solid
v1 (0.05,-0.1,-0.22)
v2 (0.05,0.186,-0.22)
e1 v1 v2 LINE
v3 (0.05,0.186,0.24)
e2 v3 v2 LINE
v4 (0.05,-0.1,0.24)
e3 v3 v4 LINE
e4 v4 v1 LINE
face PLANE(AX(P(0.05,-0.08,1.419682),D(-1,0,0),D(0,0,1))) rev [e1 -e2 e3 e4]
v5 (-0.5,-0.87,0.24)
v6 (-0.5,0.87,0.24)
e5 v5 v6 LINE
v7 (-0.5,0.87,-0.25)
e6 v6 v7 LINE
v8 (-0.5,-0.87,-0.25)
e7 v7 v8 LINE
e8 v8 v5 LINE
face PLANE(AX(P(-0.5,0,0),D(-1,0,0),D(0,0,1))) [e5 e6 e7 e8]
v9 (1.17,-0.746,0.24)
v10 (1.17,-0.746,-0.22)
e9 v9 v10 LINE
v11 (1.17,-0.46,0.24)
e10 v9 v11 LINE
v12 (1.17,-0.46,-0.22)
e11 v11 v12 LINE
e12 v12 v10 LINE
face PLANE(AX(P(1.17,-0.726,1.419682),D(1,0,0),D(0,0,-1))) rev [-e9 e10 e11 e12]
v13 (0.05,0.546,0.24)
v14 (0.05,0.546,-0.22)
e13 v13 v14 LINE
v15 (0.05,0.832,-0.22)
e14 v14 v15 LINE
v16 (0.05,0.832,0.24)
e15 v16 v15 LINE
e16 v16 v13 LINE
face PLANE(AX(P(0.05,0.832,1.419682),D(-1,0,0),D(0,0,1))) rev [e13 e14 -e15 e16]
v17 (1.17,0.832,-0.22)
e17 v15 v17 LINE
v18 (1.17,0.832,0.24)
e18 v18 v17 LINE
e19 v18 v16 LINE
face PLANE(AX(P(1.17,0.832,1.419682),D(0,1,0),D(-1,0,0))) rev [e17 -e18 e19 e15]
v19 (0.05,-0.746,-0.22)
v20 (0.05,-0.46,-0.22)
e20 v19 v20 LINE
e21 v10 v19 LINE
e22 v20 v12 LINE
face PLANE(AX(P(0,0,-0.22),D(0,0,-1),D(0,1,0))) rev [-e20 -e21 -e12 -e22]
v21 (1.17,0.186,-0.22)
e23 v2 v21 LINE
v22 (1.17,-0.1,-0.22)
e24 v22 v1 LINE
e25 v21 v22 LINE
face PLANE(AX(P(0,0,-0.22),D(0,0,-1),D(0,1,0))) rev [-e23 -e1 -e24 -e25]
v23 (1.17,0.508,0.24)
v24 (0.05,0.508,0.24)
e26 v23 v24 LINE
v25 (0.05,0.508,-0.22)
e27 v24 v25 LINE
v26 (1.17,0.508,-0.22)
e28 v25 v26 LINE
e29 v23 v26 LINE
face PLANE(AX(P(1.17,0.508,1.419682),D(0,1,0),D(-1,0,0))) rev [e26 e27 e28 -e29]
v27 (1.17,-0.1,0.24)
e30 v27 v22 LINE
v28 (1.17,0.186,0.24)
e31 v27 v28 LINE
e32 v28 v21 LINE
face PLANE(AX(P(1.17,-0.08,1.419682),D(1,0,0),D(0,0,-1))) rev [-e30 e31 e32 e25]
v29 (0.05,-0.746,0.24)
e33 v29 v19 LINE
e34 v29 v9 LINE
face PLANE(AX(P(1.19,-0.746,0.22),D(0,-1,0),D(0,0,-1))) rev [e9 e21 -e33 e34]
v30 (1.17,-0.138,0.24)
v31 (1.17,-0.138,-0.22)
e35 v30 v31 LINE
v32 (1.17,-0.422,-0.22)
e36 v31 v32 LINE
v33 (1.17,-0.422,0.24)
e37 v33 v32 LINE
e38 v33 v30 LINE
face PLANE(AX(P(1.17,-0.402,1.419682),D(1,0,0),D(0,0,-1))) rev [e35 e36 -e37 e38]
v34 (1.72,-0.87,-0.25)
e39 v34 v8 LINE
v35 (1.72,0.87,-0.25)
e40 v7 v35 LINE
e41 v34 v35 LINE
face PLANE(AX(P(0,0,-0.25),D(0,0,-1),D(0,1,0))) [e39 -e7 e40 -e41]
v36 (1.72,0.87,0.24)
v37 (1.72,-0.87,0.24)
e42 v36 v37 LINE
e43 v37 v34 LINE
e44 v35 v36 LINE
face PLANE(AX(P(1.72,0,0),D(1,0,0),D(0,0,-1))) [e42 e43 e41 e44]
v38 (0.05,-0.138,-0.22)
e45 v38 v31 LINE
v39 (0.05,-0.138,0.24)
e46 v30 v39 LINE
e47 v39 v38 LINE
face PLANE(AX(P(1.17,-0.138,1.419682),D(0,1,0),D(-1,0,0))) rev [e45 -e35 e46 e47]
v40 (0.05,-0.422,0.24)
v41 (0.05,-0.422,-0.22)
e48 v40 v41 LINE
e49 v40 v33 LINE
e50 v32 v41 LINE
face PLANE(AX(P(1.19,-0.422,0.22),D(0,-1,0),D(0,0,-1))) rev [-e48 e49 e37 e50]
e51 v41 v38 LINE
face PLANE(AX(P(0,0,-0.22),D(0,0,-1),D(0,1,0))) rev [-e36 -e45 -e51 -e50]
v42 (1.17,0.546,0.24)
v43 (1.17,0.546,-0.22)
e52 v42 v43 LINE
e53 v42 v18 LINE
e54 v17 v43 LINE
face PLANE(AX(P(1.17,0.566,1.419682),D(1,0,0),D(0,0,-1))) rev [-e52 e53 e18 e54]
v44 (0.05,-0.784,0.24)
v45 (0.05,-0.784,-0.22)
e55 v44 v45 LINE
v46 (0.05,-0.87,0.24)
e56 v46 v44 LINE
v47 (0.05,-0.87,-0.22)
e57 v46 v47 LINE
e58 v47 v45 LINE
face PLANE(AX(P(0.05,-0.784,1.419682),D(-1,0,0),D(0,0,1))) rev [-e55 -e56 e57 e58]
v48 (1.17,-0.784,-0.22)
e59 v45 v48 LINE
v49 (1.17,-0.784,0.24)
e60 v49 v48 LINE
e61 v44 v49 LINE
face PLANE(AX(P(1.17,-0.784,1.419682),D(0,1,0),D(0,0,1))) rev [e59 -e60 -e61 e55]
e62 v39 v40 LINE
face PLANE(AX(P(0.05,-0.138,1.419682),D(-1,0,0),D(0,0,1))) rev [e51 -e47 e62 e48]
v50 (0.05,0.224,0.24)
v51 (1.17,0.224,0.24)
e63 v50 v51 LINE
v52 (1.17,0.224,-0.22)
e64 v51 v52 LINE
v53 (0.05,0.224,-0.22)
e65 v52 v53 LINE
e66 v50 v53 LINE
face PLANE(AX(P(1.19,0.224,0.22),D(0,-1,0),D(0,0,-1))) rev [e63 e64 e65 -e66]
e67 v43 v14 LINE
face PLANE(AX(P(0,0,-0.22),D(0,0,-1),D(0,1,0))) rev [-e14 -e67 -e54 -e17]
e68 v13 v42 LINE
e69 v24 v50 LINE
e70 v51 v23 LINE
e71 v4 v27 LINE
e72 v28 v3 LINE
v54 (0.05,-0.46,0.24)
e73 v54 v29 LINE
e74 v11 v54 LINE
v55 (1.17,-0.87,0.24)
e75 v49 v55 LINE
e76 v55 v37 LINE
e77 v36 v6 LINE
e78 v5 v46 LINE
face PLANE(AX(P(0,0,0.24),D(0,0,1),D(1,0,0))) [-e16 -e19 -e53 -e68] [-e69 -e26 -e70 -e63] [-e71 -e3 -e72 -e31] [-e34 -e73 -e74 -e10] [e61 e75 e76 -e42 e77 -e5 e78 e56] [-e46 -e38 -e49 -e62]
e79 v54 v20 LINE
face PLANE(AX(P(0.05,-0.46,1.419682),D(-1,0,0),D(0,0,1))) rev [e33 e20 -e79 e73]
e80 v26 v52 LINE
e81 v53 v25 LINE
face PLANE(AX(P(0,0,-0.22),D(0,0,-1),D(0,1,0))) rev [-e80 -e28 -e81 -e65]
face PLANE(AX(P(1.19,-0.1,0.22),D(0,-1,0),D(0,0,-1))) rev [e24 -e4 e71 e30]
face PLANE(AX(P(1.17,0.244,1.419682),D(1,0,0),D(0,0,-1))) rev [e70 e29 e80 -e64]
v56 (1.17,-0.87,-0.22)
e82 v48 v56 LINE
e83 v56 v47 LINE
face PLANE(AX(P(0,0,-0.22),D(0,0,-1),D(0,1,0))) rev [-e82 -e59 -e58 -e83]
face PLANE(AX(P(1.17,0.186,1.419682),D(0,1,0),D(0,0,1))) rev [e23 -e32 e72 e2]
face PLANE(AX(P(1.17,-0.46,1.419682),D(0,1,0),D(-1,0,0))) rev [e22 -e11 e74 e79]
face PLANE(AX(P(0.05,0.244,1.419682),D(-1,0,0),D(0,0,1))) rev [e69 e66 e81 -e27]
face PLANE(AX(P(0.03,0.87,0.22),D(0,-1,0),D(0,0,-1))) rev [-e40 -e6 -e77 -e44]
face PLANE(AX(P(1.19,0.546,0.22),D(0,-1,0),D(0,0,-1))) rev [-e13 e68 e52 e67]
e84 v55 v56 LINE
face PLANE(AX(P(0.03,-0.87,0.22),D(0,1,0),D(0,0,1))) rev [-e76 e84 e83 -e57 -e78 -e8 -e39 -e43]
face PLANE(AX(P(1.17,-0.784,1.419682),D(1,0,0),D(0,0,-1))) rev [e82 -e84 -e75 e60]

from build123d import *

# Parameters (mm, degrees)
SKETCH1_W           = 0.44
SKETCH1_H           = 1.74
BOSS_EXTRUDE1_DEPTH = 0.03
SKETCH2_W           = 0.44
SKETCH2_H           = 0.018
BOSS_EXTRUDE2_DEPTH = 1.16
SKETCH3_W           = 0.44
SKETCH3_H           = 1.74
BOSS_EXTRUDE3_DEPTH = 0.03
SKETCH4_W           = 1.22
SKETCH4_H           = 1.74
BOSS_EXTRUDE4_DEPTH = 0.03
THICK_IN_DEPTH      = 0.44
SKETCH6_W           = 1.12
SKETCH6_H           = 0.286
SKETCH6_H_2         = 0.284
BOSS_EXTRUDE5_DEPTH = 0.02
SKETCH7_W           = 0.49
SKETCH7_H           = 1.74
BOSS_EXTRUDE6_DEPTH = 0.5
SKETCH8_W           = 0.49
SKETCH8_H           = 1.74
BOSS_EXTRUDE7_DEPTH = 0.5


with BuildPart() as part:
    # Sketch1 → Boss-Extrude1 (new body)
    with BuildSketch(Plane(origin=(0, 0, 0), x_dir=(0, 0, -1), z_dir=(1, 0, 0))):
        Rectangle(SKETCH1_W, SKETCH1_H)
    extrude(amount=BOSS_EXTRUDE1_DEPTH)

    # Sketch2 → Boss-Extrude2 (add)
    with BuildSketch(Plane(origin=(0.03, 0, 0), x_dir=(0, 0, -1), z_dir=(1, 0, 0))):
        with Locations((0, -0.755)):
            Rectangle(SKETCH2_W, SKETCH2_H)
        with Locations((0, -0.431)):
            Rectangle(SKETCH2_W, SKETCH2_H)
        with Locations((0, -0.109)):
            Rectangle(SKETCH2_W, SKETCH2_H)
        with Locations((0, 0.215)):
            Rectangle(SKETCH2_W, SKETCH2_H)
        with Locations((0, 0.537)):
            Rectangle(SKETCH2_W, SKETCH2_H)
        with Locations((0, 0.861)):
            Rectangle(SKETCH2_W, SKETCH2_H)
    extrude(amount=BOSS_EXTRUDE2_DEPTH)

    # Sketch3 → Boss-Extrude3 (add)
    with BuildSketch(Plane(origin=(1.19, 0, 0), x_dir=(0, 0, -1), z_dir=(1, 0, 0))):
        Rectangle(SKETCH3_W, SKETCH3_H)
    extrude(amount=BOSS_EXTRUDE3_DEPTH)

    # Sketch4 → Boss-Extrude4 (add)
    with BuildSketch(Plane(origin=(0, 0, -0.22), x_dir=(-1, 0, 0), z_dir=(0, 0, -1))):
        with Locations((-0.61, 0)):
            Rectangle(SKETCH4_W, SKETCH4_H)
    extrude(amount=BOSS_EXTRUDE4_DEPTH)

    # Sketch5 → Thick in (add)
    with BuildSketch(Plane.XY.offset(-0.22)):
        Polygon((0.03, -0.87), (0.05, -0.87), (0.05, -0.784), (1.17, -0.784), (1.17, -0.87), (1.19, -0.87), (1.19, -0.764), (0.03, -0.764), align=None)
        Polygon((0.03, -0.746), (0.05, -0.746), (0.05, -0.726), (0.05, -0.46), (1.17, -0.46), (1.17, -0.726), (1.17, -0.746), (1.19, -0.746), (1.19, -0.44), (0.03, -0.44), align=None)
        Polygon((0.03, -0.422), (0.05, -0.422), (0.05, -0.402), (0.05, -0.138), (1.17, -0.138), (1.17, -0.402), (1.17, -0.422), (1.19, -0.422), (1.19, -0.118), (0.03, -0.118), align=None)
        Polygon((0.03, -0.1), (0.05, -0.1), (0.05, -0.08), (0.05, 0.186), (1.17, 0.186), (1.17, -0.08), (1.17, -0.1), (1.19, -0.1), (1.19, 0.206), (0.03, 0.206), align=None)
        Polygon((0.03, 0.224), (0.05, 0.224), (0.05, 0.244), (0.05, 0.508), (1.17, 0.508), (1.17, 0.244), (1.17, 0.224), (1.19, 0.224), (1.19, 0.528), (0.03, 0.528), align=None)
        Polygon((0.03, 0.546), (0.05, 0.546), (0.05, 0.566), (0.05, 0.832), (1.17, 0.832), (1.17, 0.566), (1.17, 0.546), (1.19, 0.546), (1.19, 0.852), (0.03, 0.852), align=None)
    extrude(amount=THICK_IN_DEPTH)

    # Sketch6 → Boss-Extrude5 (add)
    with BuildSketch(Plane.XY.offset(0.22)):
        Polygon((0, -0.87), (0.05, -0.87), (0.05, -0.784), (1.17, -0.784), (1.17, -0.87), (1.22, -0.87), (1.22, 0.87), (0, 0.87), align=None)
        with Locations((0.61, 0.689)):
            Rectangle(SKETCH6_W, SKETCH6_H, mode=Mode.SUBTRACT)
        with Locations((0.61, 0.366)):
            Rectangle(SKETCH6_W, SKETCH6_H_2, mode=Mode.SUBTRACT)
        with Locations((0.61, 0.043)):
            Rectangle(SKETCH6_W, SKETCH6_H, mode=Mode.SUBTRACT)
        with Locations((0.61, -0.28)):
            Rectangle(SKETCH6_W, SKETCH6_H_2, mode=Mode.SUBTRACT)
        with Locations((0.61, -0.603)):
            Rectangle(SKETCH6_W, SKETCH6_H, mode=Mode.SUBTRACT)
    extrude(amount=BOSS_EXTRUDE5_DEPTH)

    # Sketch7 → Boss-Extrude6 (add)
    with BuildSketch(Plane(origin=(1.22, 0, 0), x_dir=(0, 0, -1), z_dir=(1, 0, 0))):
        with Locations((0.005, 0)):
            Rectangle(SKETCH7_W, SKETCH7_H)
    extrude(amount=BOSS_EXTRUDE6_DEPTH)

    # Sketch8 → Boss-Extrude7 (add)
    with BuildSketch(Plane.ZY):
        with Locations((-0.005, 0)):
            Rectangle(SKETCH8_W, SKETCH8_H)
    extrude(amount=BOSS_EXTRUDE7_DEPTH)


solid = part.part
